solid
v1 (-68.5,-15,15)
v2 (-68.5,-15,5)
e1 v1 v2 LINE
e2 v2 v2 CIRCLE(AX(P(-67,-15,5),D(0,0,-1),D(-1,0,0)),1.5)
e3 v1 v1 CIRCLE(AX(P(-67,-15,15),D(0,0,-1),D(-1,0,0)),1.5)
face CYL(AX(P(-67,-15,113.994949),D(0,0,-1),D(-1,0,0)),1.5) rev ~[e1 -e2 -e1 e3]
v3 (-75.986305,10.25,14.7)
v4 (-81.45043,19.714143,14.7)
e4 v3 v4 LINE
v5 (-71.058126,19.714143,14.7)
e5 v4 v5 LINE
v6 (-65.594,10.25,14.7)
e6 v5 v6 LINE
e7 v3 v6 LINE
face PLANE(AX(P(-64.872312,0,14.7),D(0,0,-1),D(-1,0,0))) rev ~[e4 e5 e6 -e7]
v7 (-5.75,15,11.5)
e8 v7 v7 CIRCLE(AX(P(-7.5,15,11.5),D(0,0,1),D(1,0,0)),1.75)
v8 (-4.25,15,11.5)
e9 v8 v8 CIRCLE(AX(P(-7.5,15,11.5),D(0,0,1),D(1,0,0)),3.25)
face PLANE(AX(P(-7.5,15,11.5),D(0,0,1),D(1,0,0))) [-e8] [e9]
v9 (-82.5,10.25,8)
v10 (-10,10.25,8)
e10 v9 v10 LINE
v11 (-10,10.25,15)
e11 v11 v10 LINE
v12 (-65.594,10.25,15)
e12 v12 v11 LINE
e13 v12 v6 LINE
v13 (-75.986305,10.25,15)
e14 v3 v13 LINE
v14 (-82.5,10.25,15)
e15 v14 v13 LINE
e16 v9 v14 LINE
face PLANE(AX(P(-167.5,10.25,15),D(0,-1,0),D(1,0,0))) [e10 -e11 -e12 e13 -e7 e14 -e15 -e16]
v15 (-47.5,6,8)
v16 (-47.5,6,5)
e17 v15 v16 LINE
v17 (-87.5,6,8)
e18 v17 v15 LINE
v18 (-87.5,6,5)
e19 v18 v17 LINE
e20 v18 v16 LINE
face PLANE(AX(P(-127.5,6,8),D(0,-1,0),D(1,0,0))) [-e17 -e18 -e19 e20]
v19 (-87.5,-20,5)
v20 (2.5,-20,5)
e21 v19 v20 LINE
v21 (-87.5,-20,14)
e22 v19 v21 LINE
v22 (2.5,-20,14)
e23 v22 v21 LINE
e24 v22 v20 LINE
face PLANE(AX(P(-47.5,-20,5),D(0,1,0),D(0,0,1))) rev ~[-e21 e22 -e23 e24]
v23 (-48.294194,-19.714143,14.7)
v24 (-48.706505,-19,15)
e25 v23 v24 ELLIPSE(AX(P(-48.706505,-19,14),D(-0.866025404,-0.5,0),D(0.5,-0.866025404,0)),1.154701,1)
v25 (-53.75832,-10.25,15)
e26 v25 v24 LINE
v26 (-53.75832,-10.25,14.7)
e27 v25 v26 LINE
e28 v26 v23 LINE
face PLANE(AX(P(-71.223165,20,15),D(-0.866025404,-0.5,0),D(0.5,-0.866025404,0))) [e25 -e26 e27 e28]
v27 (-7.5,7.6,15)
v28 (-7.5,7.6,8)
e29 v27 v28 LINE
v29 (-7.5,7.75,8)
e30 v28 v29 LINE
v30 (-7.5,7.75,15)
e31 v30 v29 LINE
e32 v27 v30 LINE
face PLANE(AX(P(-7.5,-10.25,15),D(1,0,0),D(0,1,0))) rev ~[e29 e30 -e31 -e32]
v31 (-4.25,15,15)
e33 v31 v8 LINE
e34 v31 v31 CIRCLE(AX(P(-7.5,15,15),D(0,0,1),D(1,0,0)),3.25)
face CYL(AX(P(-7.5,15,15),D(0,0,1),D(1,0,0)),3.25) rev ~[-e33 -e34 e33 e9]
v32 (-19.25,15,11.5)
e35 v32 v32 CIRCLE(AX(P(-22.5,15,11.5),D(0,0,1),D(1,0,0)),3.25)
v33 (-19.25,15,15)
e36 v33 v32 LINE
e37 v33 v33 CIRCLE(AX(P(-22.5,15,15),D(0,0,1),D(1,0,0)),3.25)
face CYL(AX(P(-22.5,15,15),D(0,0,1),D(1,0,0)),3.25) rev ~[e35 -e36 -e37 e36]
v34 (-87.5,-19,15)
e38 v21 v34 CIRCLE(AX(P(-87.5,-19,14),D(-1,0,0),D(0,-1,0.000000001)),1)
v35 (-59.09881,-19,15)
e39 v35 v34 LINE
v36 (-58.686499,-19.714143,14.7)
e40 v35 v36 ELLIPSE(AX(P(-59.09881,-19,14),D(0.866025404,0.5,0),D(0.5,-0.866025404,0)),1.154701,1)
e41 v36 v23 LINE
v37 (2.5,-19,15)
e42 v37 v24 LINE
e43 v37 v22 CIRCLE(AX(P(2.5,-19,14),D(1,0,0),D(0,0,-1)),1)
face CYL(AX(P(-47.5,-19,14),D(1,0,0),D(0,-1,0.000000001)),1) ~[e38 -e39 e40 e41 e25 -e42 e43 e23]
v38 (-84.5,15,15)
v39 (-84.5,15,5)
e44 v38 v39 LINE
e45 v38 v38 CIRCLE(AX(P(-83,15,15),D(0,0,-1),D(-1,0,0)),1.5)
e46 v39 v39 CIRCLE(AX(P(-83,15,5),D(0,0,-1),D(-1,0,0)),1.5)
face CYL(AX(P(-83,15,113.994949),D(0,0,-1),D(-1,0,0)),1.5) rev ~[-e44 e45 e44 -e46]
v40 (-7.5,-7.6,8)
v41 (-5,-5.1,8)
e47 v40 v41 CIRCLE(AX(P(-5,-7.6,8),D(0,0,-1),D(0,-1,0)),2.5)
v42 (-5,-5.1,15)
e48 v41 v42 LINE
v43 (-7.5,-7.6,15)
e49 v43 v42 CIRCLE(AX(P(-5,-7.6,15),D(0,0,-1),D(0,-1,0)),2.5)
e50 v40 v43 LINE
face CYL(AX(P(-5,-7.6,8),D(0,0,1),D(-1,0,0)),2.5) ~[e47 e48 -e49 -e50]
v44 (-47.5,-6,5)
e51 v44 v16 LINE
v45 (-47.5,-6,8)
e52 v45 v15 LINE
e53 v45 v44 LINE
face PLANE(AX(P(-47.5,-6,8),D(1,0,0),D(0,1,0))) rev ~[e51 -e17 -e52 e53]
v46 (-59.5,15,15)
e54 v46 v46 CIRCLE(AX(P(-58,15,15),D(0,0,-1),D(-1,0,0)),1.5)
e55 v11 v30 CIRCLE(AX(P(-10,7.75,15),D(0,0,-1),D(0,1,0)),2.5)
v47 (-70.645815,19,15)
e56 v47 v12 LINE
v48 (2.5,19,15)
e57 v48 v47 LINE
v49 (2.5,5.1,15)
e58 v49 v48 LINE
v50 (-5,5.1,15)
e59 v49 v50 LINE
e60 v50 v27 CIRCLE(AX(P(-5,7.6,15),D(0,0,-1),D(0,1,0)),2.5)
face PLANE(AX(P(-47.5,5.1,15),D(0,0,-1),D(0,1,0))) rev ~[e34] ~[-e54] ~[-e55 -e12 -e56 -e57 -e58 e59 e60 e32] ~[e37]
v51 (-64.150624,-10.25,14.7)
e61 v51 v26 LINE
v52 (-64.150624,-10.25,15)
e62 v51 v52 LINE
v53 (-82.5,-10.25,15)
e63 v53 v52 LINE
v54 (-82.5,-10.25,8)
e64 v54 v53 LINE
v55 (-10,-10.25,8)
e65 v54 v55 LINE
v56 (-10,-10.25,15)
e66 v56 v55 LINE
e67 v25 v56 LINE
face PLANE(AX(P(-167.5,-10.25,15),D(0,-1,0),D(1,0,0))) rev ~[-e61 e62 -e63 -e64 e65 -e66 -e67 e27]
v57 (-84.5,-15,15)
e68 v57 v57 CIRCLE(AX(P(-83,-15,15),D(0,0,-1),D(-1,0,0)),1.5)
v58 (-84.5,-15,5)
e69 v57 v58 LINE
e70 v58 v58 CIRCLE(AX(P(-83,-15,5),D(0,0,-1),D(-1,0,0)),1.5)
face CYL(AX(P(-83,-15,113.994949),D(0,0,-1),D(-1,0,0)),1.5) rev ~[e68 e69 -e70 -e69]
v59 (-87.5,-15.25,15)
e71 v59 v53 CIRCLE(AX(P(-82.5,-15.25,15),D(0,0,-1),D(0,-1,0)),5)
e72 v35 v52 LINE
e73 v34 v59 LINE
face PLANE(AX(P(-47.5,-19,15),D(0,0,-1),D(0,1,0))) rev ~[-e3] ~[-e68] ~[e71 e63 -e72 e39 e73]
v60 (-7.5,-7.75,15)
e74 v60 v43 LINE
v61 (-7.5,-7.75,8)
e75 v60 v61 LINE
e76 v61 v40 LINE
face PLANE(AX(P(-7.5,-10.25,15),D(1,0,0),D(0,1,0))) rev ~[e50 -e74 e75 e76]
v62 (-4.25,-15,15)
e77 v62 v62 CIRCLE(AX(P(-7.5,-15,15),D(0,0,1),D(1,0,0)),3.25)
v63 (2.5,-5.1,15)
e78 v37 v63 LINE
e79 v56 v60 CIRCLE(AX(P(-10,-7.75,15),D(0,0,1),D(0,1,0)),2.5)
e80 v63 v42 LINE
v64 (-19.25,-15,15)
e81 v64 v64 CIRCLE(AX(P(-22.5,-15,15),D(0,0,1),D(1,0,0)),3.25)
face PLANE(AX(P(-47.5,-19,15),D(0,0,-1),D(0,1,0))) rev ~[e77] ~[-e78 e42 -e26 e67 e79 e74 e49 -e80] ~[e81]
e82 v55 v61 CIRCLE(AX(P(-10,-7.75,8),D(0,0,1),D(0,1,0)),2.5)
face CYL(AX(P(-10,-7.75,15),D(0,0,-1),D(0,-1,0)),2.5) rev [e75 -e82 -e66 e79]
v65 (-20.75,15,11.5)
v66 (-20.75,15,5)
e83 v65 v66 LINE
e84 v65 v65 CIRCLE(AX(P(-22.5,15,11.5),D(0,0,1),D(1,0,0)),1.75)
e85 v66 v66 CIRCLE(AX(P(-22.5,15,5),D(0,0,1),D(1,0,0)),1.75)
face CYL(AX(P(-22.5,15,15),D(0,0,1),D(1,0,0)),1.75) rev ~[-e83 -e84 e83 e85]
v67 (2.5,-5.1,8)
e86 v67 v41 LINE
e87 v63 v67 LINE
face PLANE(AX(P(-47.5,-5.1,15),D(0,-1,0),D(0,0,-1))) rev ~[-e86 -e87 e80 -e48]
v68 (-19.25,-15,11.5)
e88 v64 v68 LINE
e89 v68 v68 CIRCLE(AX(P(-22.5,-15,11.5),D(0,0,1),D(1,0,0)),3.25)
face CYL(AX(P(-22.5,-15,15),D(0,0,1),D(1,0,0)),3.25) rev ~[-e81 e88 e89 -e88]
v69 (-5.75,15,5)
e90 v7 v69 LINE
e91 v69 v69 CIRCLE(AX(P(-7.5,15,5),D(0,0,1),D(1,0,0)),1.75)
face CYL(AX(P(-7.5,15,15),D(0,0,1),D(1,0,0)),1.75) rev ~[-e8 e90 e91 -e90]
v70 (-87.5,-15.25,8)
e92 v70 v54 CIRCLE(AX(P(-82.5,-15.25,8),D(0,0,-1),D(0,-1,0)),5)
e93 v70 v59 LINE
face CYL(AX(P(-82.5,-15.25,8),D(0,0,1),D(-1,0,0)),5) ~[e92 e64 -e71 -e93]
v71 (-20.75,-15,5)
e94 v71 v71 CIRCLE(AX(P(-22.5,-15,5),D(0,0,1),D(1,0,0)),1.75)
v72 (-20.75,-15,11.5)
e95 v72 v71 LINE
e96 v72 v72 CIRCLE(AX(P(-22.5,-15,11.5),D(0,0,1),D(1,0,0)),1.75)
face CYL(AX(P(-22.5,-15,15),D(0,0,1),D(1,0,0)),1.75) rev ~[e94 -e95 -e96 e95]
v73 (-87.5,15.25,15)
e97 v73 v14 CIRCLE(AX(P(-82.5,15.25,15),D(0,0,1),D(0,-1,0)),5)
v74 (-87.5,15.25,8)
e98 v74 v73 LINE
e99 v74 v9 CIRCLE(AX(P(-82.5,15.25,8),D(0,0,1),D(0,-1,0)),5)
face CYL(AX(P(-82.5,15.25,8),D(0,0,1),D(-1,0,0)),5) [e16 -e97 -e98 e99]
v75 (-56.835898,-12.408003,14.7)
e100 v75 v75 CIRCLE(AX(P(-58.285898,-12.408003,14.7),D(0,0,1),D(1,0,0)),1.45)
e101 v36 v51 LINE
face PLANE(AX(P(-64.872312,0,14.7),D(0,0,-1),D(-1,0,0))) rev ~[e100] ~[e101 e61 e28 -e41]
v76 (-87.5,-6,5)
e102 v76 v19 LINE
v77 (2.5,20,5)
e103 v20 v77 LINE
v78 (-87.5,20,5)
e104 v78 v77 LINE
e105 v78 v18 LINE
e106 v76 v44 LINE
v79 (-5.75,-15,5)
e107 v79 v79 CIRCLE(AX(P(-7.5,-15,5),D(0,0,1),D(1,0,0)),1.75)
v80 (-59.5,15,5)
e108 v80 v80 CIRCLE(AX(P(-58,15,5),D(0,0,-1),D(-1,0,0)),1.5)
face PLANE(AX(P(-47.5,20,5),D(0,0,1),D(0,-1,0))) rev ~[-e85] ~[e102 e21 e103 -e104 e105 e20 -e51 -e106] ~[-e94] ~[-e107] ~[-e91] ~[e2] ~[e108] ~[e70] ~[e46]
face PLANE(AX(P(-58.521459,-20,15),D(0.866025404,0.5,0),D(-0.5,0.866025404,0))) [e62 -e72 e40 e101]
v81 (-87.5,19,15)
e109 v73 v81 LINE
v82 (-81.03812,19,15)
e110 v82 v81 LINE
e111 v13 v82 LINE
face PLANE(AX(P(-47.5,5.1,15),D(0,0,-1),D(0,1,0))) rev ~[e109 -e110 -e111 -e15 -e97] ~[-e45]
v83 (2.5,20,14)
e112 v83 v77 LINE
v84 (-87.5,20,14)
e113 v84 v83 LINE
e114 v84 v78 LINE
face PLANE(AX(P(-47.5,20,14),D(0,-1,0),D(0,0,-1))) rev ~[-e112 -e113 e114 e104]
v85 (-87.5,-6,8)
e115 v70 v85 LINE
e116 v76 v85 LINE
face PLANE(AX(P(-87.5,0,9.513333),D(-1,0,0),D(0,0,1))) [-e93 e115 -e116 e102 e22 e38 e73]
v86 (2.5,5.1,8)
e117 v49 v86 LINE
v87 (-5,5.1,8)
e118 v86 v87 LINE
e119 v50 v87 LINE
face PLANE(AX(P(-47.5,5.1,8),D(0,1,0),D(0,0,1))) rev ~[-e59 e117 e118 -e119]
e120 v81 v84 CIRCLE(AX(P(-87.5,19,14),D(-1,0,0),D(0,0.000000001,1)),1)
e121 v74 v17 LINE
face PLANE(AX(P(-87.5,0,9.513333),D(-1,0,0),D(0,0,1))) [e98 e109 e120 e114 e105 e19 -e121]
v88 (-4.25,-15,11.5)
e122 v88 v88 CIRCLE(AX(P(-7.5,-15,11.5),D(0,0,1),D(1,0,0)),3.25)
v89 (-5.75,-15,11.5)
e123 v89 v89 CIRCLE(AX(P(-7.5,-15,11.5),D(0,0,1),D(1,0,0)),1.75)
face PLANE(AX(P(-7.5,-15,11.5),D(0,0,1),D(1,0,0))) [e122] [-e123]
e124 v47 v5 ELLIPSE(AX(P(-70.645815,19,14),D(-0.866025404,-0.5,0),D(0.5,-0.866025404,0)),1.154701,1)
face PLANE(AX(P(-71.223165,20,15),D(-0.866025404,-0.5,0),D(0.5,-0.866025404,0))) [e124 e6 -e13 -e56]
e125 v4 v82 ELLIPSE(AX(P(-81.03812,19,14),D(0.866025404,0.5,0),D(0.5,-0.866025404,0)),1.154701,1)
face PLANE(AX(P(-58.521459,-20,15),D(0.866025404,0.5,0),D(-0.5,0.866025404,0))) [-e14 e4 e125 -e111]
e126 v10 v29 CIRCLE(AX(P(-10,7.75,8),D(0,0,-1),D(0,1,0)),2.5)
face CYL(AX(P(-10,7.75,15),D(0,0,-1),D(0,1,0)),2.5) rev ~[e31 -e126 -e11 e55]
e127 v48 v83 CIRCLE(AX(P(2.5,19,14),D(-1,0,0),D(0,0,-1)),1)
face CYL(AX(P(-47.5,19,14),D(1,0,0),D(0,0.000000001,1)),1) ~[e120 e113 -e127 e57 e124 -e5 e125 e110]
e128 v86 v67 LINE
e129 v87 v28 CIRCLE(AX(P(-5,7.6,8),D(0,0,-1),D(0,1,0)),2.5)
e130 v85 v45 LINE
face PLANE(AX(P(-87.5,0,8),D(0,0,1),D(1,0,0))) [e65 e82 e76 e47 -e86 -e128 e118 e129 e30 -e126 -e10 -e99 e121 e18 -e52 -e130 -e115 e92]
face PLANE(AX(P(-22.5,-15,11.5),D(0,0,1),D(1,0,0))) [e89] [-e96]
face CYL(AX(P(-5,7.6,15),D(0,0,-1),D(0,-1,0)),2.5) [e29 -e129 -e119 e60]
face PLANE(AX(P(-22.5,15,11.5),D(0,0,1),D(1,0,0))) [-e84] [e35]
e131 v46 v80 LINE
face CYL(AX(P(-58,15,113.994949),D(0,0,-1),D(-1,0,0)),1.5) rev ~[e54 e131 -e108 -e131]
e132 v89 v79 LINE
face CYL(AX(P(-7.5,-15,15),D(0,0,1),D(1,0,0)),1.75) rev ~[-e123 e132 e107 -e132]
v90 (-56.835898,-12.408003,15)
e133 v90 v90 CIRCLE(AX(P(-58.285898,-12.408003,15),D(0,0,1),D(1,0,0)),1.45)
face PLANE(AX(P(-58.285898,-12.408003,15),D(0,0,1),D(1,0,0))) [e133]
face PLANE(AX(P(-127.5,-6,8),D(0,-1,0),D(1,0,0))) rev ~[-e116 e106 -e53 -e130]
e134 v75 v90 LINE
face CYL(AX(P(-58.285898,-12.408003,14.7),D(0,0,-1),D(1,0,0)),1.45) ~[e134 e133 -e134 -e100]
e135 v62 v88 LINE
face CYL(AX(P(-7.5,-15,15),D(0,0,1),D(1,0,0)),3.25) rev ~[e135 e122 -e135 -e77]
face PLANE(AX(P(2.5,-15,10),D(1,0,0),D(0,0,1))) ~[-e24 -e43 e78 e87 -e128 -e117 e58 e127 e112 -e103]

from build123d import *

# Parameters (mm, degrees)
SKETCH_1_W           = 255
SKETCH_1_H           = 80
EXTRUDE_1_DEPTH      = 5
SKETCH_2_R           = 5
CUT_EXTRUDE_1_DEPTH  = 5
SKETCH_3_R           = 4
CUT_EXTRUDE_2_DEPTH  = 10
SKETCH_4_W           = 50
SKETCH_4_H           = 20
EXTRUDE_2_DEPTH      = 10
SKETCH_5_R           = 15
CUT_EXTRUDE_3_DEPTH  = 10
SKETCH_6_R           = 7
EXTRUDE_3_DEPTH      = 15
HOLE_WIZARD_M6_1_D   = 5
CUT_EXTRUDE_4_DEPTH  = 7
HOLE_WIZARD_M4_1_D   = 3.3
FILLET_1_R           = 10
SKETCH_13_R          = 6.969385005
EXTRUDE_5_DEPTH      = 5
SKETCH_14_W          = 5
SKETCH_14_H          = 75
EXTRUDE_6_DEPTH      = 80
SKETCH_15_W          = 20
SKETCH_15_H          = 5
EXTRUDE_7_DEPTH      = 80
EXTRUDE_8_DEPTH      = 5
SKETCH_17_R          = 3
CUT_EXTRUDE_5_DEPTH  = 5
FILLET_2_R           = 1
SKETCH_18_W          = 309.613912266
SKETCH_18_H          = 134.290371586
CUT_EXTRUDE_6_DEPTH  = 81
SKETCH_19_R          = 17
CUT_EXTRUDE_7_DEPTH  = 11
SKETCH_20_W          = 10
SKETCH_20_H          = 10
EXTRUDE_9_DEPTH      = 50
SKETCH_21_R          = 1.75
CUT_EXTRUDE_8_DEPTH  = 11
SKETCH_22_R          = 3.25
CUT_EXTRUDE_9_DEPTH  = 3.5
FILLET_4_R           = 1
EXTRUDE_10_DEPTH     = 40
SKETCH_24_W          = 160
SKETCH_24_H          = 20.5
CUT_EXTRUDE_10_DEPTH = 7
SKETCH_25_W          = 80
SKETCH_25_H          = 12
CUT_EXTRUDE_11_DEPTH = 4
FILLET_5_R           = 5
CUT_EXTRUDE_12_DEPTH = 0.3
SKETCH_27_R          = 1.45
EXTRUDE_11_DEPTH     = 0.3
F_3_0MM_1_D          = 3
FILLET_6_R           = 2.5


with BuildPart() as part:
    # 草图1 → 凸台-拉伸1 (new body)
    with BuildSketch(Plane.XY):
        Rectangle(SKETCH_1_W, SKETCH_1_H)
    extrude(amount=EXTRUDE_1_DEPTH)

    # 草图2 → 切除-拉伸1 (cut)
    with BuildSketch(Plane.XY.offset(5)):
        with Locations((-107.5, 0)):
            Circle(SKETCH_2_R)
    extrude(amount=-CUT_EXTRUDE_1_DEPTH, mode=Mode.SUBTRACT)

    # 草图3 → 切除-拉伸2 (cut)
    with BuildSketch(Plane.XY.offset(5)):
        with Locations((-45, 0)):
            Circle(SKETCH_3_R)
    extrude(amount=-CUT_EXTRUDE_2_DEPTH, mode=Mode.SUBTRACT)

    # 草图4 → 凸台-拉伸2 (add)
    with BuildSketch(Plane.XY.offset(5)):
        with Locations((-22.5, 0)):
            Rectangle(SKETCH_4_W, SKETCH_4_H)
    extrude(amount=EXTRUDE_2_DEPTH)

    # 草图5 → 切除-拉伸3 (cut)
    with BuildSketch(Plane.XY.offset(5)):
        with Locations((70, 0)):
            Circle(SKETCH_5_R)
    extrude(amount=-CUT_EXTRUDE_3_DEPTH, mode=Mode.SUBTRACT)

    # 草图6 → 凸台-拉伸3 (add)
    with BuildSketch(Plane(origin=(0, 0, 0), x_dir=(-1, 0, 0), z_dir=(0, 0, -1))):
        with Locations((107.5, 0)):
            Circle(SKETCH_6_R)
    extrude(amount=-EXTRUDE_3_DEPTH)

    # M6 螺纹孔1 (through all)
    with Locations(Plane.XY.offset(15)):
        with Locations((-107.5, 0)):
            Hole(HOLE_WIZARD_M6_1_D / 2)

    # 草图10 → 切除-拉伸4 (cut)
    with BuildSketch(Plane.XY.offset(15)):
        with BuildLine():
            Line((-47.5, 5.1), (2.5, 5.1))
            ThreePointArc((2.5, 5.1), (7.6, 0), (2.5, -5.1))
            Line((2.5, -5.1), (-47.5, -5.1))
            ThreePointArc((-47.5, -5.1), (-52.6, 0), (-47.5, 5.1))
        make_face()
    extrude(amount=-CUT_EXTRUDE_4_DEPTH, mode=Mode.SUBTRACT)

    # M4 螺纹孔1 (through all)
    with Locations(Plane(origin=(0, 0, 0), x_dir=(-1, 0, 0), z_dir=(0, 0, -1))):
        with Locations((-39.75, -26.5), (-39.75, -1.5), (-109.94007449, -26.5), (-100.25, -1.5)):
            Hole(HOLE_WIZARD_M4_1_D / 2)

    # 圆角1
    fillet_1_edges = [part.edges().sort_by_distance(p)[0] for p in [
        (-127.5, 40, 2.5),
        (-127.5, -40, 2.5),
    ]]
    fillet(fillet_1_edges, radius=FILLET_1_R)

    # 草图13 → 凸台-拉伸5 (add)
    with BuildSketch(Plane.XY.offset(5)):
        with Locations((-45, 0)):
            Circle(SKETCH_13_R)
    extrude(amount=-EXTRUDE_5_DEPTH)

    # 草图14 → 凸台-拉伸6 (add)
    with BuildSketch(Plane.XZ.offset(40)):
        with Locations((125, -37.5)):
            Rectangle(SKETCH_14_W, SKETCH_14_H)
    extrude(amount=-EXTRUDE_6_DEPTH)

    # 草图15 → 凸台-拉伸7 (add)
    with BuildSketch(Plane.XZ.offset(40)):
        with Locations((112.5, -72.5)):
            Rectangle(SKETCH_15_W, SKETCH_15_H)
    extrude(amount=-EXTRUDE_7_DEPTH)

    # 草图16 → 凸台-拉伸8 (add)
    with BuildSketch(Plane.XZ.offset(40)):
        Polygon((-32.5, 5), (-32.5, 0), (102.5, -75), (127.5, -75), (127.5, 5), align=None)
    extrude_8 = extrude(amount=-EXTRUDE_8_DEPTH)

    # 镜向1: 凸台-拉伸8 across plane
    add(extrude_8.mirror(Plane.ZX))

    # 草图17 → 切除-拉伸5 (cut)
    with BuildSketch(Plane(origin=(0, 0, -75), x_dir=(-1, 0, 0), z_dir=(0, 0, -1))):
        with Locations((-114.5, -15)):
            Circle(SKETCH_17_R)
        with Locations((-114.5, 15)):
            Circle(SKETCH_17_R)
    extrude(amount=-CUT_EXTRUDE_5_DEPTH, mode=Mode.SUBTRACT)

    # 圆角2
    fillet_2_edges = [part.edges().sort_by_distance(p)[0] for p in [
        (-75, -40, 0),
        (5, -40, 5),
        (-127.5, 0, 0),
        (-124.571067812, 37.071067812, 0),
        (-124.571067812, -37.071067812, 0),
        (-127.5, 0, 5),
        (-124.571067812, 37.071067812, 5),
        (-124.571067812, -37.071067812, 5),
        (127.5, 0, 5),
        (127.5, 0, -75),
        (115, -40, -75),
        (115, 40, -75),
        (35, -40, -37.5),
        (35, -35, -37.5),
        (5, 40, 5),
        (-75, 40, 0),
        (35, 40, -37.5),
        (35, 35, -37.5),
        (127.5, 40, -35),
        (127.5, -40, -35),
    ]]
    fillet(fillet_2_edges, radius=FILLET_2_R)

    # 草图18 → 切除-拉伸6 (cut, through all)
    with BuildSketch(Plane.XY.offset(5)):
        Rectangle(SKETCH_18_W, SKETCH_18_H)
    extrude(amount=-CUT_EXTRUDE_6_DEPTH, mode=Mode.SUBTRACT)

    # 草图19 → 切除-拉伸7 (cut, through all)
    with BuildSketch(Plane.XY.offset(15)):
        with Locations((-107.5, 0)):
            Circle(SKETCH_19_R)
    extrude(amount=-CUT_EXTRUDE_7_DEPTH, mode=Mode.SUBTRACT)

    # 草图20 → 凸台-拉伸9 (add)
    with BuildSketch(Plane(origin=(2.5, 0, 0), x_dir=(0, 0, -1), z_dir=(1, 0, 0))):
        with Locations((-10, 15)):
            Rectangle(SKETCH_20_W, SKETCH_20_H)
    extrude_9 = extrude(amount=-EXTRUDE_9_DEPTH)

    # 镜向2: 凸台-拉伸9 across plane
    add(extrude_9.mirror(Plane.ZX))

    # 草图21 → 切除-拉伸8 (cut, through all)
    with BuildSketch(Plane.XY.offset(15)):
        with Locations((-22.5, 15)):
            Circle(SKETCH_21_R)
        with Locations((-7.5, 15)):
            Circle(SKETCH_21_R)
        with Locations((-7.5, -15)):
            Circle(SKETCH_21_R)
        with Locations((-22.5, -15)):
            Circle(SKETCH_21_R)
    extrude(amount=-CUT_EXTRUDE_8_DEPTH, mode=Mode.SUBTRACT)

    # 草图22 → 切除-拉伸9 (cut)
    with BuildSketch(Plane.XY.offset(15)):
        with Locations((-22.5, 15)):
            Circle(SKETCH_22_R)
        with Locations((-7.5, 15)):
            Circle(SKETCH_22_R)
        with Locations((-7.5, -15)):
            Circle(SKETCH_22_R)
        with Locations((-22.5, -15)):
            Circle(SKETCH_22_R)
    extrude(amount=-CUT_EXTRUDE_9_DEPTH, mode=Mode.SUBTRACT)

    # 圆角4
    fillet_4_edges = [part.edges().sort_by_distance(p)[0] for p in [
        (-22.5, 20, 15),
        (-22.5, -20, 15),
    ]]
    fillet(fillet_4_edges, radius=FILLET_4_R)

    # 草图23 → 凸台-拉伸10 (add)
    with BuildSketch(Plane.ZY.offset(47.5)):
        with BuildLine():
            Line((5, -20), (14, -20))
            ThreePointArc((14, -20), (14.707106781, -19.707106781), (15, -19))
            Line((15, -19), (15, -5.1))
            Line((15, -5.1), (8, -5.1))
            Line((8, -5.1), (8, 5.1))
            Line((8, 5.1), (15, 5.1))
            Line((15, 5.1), (15, 19))
            ThreePointArc((15, 19), (14.707106781, 19.707106781), (14, 20))
            Line((14, 20), (5, 20))
            Line((5, 20), (5, -20))
        make_face()
    extrude(amount=EXTRUDE_10_DEPTH)

    # 草图24 → 切除-拉伸10 (cut)
    with BuildSketch(Plane.XY.offset(15)):
        with Locations((-87.5, 0)):
            Rectangle(SKETCH_24_W, SKETCH_24_H)
    extrude(amount=-CUT_EXTRUDE_10_DEPTH, mode=Mode.SUBTRACT)

    # 草图25 → 切除-拉伸11 (cut, through all)
    with BuildSketch(Plane.XY.offset(8)):
        with Locations((-87.5, 0)):
            Rectangle(SKETCH_25_W, SKETCH_25_H)
    extrude(amount=-CUT_EXTRUDE_11_DEPTH, mode=Mode.SUBTRACT)

    # 圆角5
    fillet_5_edges = [part.edges().sort_by_distance(p)[0] for p in [
        (-87.5, 10.25, 11.5),
        (-87.5, -10.25, 11.5),
    ]]
    fillet(fillet_5_edges, radius=FILLET_5_R)

    # 草图26 → 切除-拉伸12 (cut)
    with BuildSketch(Plane.XY.offset(15)):
        Polygon((-58.521459286, -20), (-81.615470054, 20), (-71.223165208, 20), (-48.129154441, -20), align=None)
    extrude(amount=-CUT_EXTRUDE_12_DEPTH, mode=Mode.SUBTRACT)

    # 草图27 → 凸台-拉伸11 (add)
    with BuildSketch(Plane.XY.offset(14.7)):
        with Locations((-58.285898385, -12.408003449)):
            Circle(SKETCH_27_R)
    extrude(amount=EXTRUDE_11_DEPTH)

    # Ø3.0mm 暗销孔1 (through all)
    with Locations(Plane.XY.offset(15)):
        with Locations((-83, 15), (-58, 15), (-67, -15), (-83, -15)):
            Hole(F_3_0MM_1_D / 2)

    # 圆角6
    fillet_6_edges = [part.edges().sort_by_distance(p)[0] for p in [
        (-7.5, -5.1, 11.5),
        (-7.5, 5.1, 11.5),
        (-7.5, 10.25, 11.5),
        (-7.5, -10.25, 11.5),
    ]]
    fillet(fillet_6_edges, radius=FILLET_6_R)


solid = part.part
